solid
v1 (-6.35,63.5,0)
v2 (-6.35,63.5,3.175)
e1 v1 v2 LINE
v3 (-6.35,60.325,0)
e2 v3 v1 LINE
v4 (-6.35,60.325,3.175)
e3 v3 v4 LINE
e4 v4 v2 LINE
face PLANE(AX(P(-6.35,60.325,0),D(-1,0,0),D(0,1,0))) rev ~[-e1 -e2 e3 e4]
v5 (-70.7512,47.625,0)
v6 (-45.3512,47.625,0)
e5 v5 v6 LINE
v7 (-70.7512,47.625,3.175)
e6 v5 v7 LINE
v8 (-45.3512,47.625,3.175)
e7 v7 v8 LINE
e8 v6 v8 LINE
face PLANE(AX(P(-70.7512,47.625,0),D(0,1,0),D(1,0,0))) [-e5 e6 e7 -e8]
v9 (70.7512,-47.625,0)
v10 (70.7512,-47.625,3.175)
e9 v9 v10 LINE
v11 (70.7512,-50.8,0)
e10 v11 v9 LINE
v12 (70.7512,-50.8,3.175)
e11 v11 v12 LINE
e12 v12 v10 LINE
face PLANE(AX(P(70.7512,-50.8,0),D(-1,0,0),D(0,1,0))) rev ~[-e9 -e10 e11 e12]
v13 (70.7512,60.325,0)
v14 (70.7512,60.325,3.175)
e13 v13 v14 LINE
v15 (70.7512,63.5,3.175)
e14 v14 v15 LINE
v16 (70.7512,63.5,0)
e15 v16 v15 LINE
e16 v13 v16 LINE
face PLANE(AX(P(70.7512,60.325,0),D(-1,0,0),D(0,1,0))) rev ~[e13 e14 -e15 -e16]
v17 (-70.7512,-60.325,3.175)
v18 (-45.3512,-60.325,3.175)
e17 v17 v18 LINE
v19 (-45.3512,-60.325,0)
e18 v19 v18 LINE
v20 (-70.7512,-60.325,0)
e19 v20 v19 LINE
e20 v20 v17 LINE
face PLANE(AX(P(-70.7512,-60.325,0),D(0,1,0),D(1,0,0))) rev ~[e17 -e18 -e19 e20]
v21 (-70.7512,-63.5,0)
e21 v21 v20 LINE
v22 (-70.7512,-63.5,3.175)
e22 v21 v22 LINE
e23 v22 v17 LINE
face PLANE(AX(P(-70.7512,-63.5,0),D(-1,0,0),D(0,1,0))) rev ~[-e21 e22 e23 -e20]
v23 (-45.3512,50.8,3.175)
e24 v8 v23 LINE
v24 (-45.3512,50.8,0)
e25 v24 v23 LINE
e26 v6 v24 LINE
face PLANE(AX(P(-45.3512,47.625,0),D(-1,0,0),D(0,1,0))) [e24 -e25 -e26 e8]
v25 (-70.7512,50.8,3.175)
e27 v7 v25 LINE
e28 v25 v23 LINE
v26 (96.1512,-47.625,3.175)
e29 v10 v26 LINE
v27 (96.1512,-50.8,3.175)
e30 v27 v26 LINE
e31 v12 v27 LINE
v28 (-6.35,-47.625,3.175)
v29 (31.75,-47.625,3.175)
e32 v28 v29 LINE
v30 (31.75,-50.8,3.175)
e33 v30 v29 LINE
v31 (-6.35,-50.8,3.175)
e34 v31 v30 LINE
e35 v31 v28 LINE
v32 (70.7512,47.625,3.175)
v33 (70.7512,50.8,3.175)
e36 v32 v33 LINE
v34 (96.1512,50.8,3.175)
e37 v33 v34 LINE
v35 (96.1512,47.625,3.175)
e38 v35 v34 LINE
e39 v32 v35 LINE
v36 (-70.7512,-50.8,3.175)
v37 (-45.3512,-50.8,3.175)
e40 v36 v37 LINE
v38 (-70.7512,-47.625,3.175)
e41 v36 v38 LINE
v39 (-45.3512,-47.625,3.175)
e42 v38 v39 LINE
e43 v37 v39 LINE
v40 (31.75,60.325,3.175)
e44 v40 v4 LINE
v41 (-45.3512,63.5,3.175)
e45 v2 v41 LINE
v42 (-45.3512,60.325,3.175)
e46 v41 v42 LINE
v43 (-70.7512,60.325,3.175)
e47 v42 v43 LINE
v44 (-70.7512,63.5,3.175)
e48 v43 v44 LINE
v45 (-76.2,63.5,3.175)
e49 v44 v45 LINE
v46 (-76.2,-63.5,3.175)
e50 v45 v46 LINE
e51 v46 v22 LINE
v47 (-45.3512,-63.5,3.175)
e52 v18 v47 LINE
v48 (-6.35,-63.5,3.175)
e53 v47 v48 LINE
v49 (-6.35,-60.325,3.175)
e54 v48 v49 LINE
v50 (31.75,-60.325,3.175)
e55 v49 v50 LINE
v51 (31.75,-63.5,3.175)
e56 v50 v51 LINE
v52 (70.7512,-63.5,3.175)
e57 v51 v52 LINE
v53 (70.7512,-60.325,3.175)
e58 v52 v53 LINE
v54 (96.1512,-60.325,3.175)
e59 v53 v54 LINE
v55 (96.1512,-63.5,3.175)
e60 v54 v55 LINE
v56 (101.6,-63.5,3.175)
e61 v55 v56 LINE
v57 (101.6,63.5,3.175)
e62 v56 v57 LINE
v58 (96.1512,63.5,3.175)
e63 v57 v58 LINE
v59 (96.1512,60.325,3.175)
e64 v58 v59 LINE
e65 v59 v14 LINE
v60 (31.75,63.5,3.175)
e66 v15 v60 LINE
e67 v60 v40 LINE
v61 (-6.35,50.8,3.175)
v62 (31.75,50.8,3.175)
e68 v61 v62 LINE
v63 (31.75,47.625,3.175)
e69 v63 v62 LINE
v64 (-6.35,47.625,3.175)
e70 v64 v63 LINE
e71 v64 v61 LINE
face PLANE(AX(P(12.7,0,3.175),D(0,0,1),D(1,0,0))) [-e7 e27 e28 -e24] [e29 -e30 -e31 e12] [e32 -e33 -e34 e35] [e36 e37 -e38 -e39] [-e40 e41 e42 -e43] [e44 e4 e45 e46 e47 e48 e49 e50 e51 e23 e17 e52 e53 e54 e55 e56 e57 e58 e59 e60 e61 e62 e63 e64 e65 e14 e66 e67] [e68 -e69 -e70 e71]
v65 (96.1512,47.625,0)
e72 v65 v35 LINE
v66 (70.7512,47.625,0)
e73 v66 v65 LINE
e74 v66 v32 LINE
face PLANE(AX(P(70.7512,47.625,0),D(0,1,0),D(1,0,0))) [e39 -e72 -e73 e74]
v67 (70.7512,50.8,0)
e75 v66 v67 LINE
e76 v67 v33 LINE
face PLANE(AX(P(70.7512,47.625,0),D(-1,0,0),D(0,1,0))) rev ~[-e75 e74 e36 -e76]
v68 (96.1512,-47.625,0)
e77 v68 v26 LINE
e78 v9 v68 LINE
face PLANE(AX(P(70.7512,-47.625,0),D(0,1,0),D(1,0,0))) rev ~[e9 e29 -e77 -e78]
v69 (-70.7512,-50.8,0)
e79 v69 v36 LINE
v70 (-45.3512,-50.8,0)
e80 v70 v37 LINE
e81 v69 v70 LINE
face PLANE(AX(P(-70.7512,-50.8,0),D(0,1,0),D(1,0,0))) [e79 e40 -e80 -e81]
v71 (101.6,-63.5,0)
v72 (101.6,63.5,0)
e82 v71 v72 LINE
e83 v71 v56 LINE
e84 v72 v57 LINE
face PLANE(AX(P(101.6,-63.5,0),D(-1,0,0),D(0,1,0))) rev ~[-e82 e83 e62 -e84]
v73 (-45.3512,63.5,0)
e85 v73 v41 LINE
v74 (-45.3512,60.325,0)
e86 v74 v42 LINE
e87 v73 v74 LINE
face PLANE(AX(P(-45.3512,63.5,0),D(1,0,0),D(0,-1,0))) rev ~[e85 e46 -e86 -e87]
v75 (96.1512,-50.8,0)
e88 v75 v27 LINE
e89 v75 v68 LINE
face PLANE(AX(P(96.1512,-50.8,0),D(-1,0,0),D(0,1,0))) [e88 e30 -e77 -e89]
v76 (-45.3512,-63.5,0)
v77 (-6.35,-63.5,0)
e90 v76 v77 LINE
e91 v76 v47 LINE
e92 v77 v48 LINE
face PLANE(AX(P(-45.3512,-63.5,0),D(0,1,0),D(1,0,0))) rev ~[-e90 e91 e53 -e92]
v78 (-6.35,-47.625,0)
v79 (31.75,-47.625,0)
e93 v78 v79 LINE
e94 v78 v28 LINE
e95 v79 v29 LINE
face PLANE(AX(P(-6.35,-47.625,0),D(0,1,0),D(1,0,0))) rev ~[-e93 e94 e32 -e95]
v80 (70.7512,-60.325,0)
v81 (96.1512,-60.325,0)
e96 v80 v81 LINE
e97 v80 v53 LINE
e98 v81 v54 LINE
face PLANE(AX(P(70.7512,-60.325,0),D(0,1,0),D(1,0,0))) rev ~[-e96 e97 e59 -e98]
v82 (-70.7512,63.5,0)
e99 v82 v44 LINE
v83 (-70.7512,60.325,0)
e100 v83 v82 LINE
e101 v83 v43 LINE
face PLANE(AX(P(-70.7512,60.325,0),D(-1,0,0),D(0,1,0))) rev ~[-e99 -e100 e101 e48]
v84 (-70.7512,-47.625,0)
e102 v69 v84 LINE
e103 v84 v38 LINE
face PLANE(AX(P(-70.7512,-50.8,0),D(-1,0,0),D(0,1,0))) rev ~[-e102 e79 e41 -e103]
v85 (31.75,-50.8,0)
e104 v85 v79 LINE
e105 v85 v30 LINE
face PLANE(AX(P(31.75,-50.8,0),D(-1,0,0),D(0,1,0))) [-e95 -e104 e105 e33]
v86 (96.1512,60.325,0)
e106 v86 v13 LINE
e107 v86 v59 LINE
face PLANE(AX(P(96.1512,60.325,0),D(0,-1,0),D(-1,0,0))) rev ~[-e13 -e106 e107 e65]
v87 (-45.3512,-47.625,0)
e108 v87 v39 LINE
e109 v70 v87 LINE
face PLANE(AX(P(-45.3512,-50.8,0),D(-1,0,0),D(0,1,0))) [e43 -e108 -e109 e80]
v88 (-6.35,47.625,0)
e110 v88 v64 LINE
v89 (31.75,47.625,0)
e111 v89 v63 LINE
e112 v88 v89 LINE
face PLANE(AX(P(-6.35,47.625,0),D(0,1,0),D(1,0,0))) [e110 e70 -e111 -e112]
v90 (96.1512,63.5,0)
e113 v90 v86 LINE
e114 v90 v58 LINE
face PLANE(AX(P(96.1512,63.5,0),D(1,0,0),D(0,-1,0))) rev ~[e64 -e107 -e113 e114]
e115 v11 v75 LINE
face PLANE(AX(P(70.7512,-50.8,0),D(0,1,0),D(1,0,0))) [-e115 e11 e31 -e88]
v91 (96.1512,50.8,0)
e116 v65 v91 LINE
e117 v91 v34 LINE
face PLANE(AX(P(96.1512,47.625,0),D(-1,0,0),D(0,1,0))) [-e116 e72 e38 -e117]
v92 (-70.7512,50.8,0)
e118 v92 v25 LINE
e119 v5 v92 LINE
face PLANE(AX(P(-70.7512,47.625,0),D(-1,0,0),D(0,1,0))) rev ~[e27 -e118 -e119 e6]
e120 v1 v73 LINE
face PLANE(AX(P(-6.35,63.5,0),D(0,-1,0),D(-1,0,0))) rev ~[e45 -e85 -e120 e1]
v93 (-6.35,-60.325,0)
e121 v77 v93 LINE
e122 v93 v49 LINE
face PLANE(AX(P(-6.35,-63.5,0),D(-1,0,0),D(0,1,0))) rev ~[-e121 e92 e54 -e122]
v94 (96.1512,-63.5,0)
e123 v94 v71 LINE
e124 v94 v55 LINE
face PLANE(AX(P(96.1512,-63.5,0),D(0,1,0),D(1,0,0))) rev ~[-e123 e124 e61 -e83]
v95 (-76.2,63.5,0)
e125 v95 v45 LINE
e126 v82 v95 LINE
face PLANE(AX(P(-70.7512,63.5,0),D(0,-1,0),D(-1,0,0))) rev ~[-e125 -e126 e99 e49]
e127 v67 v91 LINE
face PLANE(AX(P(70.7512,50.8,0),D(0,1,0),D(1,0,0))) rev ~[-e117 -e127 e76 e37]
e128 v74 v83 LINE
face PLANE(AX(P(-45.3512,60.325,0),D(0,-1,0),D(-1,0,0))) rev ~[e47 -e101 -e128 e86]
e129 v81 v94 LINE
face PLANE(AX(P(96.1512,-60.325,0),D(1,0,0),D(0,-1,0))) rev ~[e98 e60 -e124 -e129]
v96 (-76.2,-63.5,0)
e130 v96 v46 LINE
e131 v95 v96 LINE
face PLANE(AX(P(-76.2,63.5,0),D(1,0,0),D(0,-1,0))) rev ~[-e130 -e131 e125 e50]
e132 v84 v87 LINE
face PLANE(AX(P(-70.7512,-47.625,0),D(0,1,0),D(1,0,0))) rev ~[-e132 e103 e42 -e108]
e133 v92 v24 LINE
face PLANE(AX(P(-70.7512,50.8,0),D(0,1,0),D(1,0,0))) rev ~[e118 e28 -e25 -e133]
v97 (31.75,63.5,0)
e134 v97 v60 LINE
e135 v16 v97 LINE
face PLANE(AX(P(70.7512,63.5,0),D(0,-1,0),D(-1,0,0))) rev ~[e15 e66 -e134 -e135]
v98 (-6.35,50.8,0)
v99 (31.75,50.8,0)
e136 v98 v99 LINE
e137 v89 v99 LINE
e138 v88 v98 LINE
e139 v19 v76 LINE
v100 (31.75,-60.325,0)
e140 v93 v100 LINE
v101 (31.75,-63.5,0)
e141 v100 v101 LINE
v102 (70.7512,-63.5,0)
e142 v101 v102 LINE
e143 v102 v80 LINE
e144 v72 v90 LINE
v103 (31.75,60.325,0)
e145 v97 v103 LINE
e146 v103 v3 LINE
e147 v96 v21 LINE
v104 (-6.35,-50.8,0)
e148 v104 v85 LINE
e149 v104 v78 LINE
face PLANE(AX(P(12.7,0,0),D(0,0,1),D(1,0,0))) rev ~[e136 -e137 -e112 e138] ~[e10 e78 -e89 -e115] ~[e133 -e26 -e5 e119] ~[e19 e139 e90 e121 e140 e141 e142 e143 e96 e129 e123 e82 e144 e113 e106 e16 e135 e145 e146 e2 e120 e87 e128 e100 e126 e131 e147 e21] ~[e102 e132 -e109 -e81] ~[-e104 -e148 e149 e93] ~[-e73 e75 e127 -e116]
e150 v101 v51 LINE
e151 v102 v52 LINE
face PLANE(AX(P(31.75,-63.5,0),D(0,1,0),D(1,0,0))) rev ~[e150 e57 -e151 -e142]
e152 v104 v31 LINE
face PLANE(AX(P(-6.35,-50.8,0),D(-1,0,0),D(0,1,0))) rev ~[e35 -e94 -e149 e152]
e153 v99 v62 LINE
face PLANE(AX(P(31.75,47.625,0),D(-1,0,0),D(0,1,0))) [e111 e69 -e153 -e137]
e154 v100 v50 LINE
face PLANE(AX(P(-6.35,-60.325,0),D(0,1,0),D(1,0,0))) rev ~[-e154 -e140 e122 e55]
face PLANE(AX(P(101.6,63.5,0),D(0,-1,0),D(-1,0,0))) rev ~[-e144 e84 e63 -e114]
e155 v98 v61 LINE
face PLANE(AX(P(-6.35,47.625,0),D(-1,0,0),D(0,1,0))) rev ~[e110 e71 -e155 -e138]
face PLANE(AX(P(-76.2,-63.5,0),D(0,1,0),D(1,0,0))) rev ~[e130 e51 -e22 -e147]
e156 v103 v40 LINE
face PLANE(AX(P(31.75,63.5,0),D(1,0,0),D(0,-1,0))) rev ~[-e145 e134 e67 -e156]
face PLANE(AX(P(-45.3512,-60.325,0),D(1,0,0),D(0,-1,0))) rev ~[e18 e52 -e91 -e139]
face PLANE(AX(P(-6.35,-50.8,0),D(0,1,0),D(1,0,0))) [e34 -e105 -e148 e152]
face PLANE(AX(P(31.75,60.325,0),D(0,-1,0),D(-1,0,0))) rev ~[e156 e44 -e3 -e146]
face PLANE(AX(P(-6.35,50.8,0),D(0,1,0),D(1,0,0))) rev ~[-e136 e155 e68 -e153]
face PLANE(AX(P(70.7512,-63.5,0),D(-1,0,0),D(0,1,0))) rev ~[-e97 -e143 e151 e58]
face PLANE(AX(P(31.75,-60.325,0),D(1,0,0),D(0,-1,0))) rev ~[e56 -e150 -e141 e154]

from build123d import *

# Parameters (mm, degrees)
F0_W     = 25.4
F0_H     = 3.175
F0_W_2   = 38.1
F1_DEPTH = 3.175


with BuildPart() as f1:
    # F0 (on Top) → F1 (new body)
    with BuildSketch(Plane.XY):
        Polygon((-70.7512, 63.5), (-76.2, 63.5), (-76.2, -63.5), (-70.7512, -63.5), (-70.7512, -60.325), (-45.3512, -60.325), (-45.3512, -63.5), (-6.35, -63.5), (-6.35, -60.325), (31.75, -60.325), (31.75, -63.5), (70.7512, -63.5), (70.7512, -60.325), (96.1512, -60.325), (96.1512, -63.5), (101.6, -63.5), (101.6, 63.5), (96.1512, 63.5), (96.1512, 60.325), (70.7512, 60.325), (70.7512, 63.5), (31.75, 63.5), (31.75, 60.325), (-6.35, 60.325), (-6.35, 63.5), (-45.3512, 63.5), (-45.3512, 60.325), (-70.7512, 60.325), align=None)
        with Locations((-58.0512, -49.2125)):
            Rectangle(F0_W, F0_H, mode=Mode.SUBTRACT)
        with Locations((12.7, -49.2125)):
            Rectangle(F0_W_2, F0_H, mode=Mode.SUBTRACT)
        with Locations((83.4512, -49.2125)):
            Rectangle(F0_W, F0_H, mode=Mode.SUBTRACT)
        with Locations((-58.0512, 49.2125)):
            Rectangle(F0_W, F0_H, mode=Mode.SUBTRACT)
        with Locations((12.7, 49.2125)):
            Rectangle(F0_W_2, F0_H, mode=Mode.SUBTRACT)
        with Locations((83.4512, 49.2125)):
            Rectangle(F0_W, F0_H, mode=Mode.SUBTRACT)
    extrude(amount=F1_DEPTH)


solid = f1.part
